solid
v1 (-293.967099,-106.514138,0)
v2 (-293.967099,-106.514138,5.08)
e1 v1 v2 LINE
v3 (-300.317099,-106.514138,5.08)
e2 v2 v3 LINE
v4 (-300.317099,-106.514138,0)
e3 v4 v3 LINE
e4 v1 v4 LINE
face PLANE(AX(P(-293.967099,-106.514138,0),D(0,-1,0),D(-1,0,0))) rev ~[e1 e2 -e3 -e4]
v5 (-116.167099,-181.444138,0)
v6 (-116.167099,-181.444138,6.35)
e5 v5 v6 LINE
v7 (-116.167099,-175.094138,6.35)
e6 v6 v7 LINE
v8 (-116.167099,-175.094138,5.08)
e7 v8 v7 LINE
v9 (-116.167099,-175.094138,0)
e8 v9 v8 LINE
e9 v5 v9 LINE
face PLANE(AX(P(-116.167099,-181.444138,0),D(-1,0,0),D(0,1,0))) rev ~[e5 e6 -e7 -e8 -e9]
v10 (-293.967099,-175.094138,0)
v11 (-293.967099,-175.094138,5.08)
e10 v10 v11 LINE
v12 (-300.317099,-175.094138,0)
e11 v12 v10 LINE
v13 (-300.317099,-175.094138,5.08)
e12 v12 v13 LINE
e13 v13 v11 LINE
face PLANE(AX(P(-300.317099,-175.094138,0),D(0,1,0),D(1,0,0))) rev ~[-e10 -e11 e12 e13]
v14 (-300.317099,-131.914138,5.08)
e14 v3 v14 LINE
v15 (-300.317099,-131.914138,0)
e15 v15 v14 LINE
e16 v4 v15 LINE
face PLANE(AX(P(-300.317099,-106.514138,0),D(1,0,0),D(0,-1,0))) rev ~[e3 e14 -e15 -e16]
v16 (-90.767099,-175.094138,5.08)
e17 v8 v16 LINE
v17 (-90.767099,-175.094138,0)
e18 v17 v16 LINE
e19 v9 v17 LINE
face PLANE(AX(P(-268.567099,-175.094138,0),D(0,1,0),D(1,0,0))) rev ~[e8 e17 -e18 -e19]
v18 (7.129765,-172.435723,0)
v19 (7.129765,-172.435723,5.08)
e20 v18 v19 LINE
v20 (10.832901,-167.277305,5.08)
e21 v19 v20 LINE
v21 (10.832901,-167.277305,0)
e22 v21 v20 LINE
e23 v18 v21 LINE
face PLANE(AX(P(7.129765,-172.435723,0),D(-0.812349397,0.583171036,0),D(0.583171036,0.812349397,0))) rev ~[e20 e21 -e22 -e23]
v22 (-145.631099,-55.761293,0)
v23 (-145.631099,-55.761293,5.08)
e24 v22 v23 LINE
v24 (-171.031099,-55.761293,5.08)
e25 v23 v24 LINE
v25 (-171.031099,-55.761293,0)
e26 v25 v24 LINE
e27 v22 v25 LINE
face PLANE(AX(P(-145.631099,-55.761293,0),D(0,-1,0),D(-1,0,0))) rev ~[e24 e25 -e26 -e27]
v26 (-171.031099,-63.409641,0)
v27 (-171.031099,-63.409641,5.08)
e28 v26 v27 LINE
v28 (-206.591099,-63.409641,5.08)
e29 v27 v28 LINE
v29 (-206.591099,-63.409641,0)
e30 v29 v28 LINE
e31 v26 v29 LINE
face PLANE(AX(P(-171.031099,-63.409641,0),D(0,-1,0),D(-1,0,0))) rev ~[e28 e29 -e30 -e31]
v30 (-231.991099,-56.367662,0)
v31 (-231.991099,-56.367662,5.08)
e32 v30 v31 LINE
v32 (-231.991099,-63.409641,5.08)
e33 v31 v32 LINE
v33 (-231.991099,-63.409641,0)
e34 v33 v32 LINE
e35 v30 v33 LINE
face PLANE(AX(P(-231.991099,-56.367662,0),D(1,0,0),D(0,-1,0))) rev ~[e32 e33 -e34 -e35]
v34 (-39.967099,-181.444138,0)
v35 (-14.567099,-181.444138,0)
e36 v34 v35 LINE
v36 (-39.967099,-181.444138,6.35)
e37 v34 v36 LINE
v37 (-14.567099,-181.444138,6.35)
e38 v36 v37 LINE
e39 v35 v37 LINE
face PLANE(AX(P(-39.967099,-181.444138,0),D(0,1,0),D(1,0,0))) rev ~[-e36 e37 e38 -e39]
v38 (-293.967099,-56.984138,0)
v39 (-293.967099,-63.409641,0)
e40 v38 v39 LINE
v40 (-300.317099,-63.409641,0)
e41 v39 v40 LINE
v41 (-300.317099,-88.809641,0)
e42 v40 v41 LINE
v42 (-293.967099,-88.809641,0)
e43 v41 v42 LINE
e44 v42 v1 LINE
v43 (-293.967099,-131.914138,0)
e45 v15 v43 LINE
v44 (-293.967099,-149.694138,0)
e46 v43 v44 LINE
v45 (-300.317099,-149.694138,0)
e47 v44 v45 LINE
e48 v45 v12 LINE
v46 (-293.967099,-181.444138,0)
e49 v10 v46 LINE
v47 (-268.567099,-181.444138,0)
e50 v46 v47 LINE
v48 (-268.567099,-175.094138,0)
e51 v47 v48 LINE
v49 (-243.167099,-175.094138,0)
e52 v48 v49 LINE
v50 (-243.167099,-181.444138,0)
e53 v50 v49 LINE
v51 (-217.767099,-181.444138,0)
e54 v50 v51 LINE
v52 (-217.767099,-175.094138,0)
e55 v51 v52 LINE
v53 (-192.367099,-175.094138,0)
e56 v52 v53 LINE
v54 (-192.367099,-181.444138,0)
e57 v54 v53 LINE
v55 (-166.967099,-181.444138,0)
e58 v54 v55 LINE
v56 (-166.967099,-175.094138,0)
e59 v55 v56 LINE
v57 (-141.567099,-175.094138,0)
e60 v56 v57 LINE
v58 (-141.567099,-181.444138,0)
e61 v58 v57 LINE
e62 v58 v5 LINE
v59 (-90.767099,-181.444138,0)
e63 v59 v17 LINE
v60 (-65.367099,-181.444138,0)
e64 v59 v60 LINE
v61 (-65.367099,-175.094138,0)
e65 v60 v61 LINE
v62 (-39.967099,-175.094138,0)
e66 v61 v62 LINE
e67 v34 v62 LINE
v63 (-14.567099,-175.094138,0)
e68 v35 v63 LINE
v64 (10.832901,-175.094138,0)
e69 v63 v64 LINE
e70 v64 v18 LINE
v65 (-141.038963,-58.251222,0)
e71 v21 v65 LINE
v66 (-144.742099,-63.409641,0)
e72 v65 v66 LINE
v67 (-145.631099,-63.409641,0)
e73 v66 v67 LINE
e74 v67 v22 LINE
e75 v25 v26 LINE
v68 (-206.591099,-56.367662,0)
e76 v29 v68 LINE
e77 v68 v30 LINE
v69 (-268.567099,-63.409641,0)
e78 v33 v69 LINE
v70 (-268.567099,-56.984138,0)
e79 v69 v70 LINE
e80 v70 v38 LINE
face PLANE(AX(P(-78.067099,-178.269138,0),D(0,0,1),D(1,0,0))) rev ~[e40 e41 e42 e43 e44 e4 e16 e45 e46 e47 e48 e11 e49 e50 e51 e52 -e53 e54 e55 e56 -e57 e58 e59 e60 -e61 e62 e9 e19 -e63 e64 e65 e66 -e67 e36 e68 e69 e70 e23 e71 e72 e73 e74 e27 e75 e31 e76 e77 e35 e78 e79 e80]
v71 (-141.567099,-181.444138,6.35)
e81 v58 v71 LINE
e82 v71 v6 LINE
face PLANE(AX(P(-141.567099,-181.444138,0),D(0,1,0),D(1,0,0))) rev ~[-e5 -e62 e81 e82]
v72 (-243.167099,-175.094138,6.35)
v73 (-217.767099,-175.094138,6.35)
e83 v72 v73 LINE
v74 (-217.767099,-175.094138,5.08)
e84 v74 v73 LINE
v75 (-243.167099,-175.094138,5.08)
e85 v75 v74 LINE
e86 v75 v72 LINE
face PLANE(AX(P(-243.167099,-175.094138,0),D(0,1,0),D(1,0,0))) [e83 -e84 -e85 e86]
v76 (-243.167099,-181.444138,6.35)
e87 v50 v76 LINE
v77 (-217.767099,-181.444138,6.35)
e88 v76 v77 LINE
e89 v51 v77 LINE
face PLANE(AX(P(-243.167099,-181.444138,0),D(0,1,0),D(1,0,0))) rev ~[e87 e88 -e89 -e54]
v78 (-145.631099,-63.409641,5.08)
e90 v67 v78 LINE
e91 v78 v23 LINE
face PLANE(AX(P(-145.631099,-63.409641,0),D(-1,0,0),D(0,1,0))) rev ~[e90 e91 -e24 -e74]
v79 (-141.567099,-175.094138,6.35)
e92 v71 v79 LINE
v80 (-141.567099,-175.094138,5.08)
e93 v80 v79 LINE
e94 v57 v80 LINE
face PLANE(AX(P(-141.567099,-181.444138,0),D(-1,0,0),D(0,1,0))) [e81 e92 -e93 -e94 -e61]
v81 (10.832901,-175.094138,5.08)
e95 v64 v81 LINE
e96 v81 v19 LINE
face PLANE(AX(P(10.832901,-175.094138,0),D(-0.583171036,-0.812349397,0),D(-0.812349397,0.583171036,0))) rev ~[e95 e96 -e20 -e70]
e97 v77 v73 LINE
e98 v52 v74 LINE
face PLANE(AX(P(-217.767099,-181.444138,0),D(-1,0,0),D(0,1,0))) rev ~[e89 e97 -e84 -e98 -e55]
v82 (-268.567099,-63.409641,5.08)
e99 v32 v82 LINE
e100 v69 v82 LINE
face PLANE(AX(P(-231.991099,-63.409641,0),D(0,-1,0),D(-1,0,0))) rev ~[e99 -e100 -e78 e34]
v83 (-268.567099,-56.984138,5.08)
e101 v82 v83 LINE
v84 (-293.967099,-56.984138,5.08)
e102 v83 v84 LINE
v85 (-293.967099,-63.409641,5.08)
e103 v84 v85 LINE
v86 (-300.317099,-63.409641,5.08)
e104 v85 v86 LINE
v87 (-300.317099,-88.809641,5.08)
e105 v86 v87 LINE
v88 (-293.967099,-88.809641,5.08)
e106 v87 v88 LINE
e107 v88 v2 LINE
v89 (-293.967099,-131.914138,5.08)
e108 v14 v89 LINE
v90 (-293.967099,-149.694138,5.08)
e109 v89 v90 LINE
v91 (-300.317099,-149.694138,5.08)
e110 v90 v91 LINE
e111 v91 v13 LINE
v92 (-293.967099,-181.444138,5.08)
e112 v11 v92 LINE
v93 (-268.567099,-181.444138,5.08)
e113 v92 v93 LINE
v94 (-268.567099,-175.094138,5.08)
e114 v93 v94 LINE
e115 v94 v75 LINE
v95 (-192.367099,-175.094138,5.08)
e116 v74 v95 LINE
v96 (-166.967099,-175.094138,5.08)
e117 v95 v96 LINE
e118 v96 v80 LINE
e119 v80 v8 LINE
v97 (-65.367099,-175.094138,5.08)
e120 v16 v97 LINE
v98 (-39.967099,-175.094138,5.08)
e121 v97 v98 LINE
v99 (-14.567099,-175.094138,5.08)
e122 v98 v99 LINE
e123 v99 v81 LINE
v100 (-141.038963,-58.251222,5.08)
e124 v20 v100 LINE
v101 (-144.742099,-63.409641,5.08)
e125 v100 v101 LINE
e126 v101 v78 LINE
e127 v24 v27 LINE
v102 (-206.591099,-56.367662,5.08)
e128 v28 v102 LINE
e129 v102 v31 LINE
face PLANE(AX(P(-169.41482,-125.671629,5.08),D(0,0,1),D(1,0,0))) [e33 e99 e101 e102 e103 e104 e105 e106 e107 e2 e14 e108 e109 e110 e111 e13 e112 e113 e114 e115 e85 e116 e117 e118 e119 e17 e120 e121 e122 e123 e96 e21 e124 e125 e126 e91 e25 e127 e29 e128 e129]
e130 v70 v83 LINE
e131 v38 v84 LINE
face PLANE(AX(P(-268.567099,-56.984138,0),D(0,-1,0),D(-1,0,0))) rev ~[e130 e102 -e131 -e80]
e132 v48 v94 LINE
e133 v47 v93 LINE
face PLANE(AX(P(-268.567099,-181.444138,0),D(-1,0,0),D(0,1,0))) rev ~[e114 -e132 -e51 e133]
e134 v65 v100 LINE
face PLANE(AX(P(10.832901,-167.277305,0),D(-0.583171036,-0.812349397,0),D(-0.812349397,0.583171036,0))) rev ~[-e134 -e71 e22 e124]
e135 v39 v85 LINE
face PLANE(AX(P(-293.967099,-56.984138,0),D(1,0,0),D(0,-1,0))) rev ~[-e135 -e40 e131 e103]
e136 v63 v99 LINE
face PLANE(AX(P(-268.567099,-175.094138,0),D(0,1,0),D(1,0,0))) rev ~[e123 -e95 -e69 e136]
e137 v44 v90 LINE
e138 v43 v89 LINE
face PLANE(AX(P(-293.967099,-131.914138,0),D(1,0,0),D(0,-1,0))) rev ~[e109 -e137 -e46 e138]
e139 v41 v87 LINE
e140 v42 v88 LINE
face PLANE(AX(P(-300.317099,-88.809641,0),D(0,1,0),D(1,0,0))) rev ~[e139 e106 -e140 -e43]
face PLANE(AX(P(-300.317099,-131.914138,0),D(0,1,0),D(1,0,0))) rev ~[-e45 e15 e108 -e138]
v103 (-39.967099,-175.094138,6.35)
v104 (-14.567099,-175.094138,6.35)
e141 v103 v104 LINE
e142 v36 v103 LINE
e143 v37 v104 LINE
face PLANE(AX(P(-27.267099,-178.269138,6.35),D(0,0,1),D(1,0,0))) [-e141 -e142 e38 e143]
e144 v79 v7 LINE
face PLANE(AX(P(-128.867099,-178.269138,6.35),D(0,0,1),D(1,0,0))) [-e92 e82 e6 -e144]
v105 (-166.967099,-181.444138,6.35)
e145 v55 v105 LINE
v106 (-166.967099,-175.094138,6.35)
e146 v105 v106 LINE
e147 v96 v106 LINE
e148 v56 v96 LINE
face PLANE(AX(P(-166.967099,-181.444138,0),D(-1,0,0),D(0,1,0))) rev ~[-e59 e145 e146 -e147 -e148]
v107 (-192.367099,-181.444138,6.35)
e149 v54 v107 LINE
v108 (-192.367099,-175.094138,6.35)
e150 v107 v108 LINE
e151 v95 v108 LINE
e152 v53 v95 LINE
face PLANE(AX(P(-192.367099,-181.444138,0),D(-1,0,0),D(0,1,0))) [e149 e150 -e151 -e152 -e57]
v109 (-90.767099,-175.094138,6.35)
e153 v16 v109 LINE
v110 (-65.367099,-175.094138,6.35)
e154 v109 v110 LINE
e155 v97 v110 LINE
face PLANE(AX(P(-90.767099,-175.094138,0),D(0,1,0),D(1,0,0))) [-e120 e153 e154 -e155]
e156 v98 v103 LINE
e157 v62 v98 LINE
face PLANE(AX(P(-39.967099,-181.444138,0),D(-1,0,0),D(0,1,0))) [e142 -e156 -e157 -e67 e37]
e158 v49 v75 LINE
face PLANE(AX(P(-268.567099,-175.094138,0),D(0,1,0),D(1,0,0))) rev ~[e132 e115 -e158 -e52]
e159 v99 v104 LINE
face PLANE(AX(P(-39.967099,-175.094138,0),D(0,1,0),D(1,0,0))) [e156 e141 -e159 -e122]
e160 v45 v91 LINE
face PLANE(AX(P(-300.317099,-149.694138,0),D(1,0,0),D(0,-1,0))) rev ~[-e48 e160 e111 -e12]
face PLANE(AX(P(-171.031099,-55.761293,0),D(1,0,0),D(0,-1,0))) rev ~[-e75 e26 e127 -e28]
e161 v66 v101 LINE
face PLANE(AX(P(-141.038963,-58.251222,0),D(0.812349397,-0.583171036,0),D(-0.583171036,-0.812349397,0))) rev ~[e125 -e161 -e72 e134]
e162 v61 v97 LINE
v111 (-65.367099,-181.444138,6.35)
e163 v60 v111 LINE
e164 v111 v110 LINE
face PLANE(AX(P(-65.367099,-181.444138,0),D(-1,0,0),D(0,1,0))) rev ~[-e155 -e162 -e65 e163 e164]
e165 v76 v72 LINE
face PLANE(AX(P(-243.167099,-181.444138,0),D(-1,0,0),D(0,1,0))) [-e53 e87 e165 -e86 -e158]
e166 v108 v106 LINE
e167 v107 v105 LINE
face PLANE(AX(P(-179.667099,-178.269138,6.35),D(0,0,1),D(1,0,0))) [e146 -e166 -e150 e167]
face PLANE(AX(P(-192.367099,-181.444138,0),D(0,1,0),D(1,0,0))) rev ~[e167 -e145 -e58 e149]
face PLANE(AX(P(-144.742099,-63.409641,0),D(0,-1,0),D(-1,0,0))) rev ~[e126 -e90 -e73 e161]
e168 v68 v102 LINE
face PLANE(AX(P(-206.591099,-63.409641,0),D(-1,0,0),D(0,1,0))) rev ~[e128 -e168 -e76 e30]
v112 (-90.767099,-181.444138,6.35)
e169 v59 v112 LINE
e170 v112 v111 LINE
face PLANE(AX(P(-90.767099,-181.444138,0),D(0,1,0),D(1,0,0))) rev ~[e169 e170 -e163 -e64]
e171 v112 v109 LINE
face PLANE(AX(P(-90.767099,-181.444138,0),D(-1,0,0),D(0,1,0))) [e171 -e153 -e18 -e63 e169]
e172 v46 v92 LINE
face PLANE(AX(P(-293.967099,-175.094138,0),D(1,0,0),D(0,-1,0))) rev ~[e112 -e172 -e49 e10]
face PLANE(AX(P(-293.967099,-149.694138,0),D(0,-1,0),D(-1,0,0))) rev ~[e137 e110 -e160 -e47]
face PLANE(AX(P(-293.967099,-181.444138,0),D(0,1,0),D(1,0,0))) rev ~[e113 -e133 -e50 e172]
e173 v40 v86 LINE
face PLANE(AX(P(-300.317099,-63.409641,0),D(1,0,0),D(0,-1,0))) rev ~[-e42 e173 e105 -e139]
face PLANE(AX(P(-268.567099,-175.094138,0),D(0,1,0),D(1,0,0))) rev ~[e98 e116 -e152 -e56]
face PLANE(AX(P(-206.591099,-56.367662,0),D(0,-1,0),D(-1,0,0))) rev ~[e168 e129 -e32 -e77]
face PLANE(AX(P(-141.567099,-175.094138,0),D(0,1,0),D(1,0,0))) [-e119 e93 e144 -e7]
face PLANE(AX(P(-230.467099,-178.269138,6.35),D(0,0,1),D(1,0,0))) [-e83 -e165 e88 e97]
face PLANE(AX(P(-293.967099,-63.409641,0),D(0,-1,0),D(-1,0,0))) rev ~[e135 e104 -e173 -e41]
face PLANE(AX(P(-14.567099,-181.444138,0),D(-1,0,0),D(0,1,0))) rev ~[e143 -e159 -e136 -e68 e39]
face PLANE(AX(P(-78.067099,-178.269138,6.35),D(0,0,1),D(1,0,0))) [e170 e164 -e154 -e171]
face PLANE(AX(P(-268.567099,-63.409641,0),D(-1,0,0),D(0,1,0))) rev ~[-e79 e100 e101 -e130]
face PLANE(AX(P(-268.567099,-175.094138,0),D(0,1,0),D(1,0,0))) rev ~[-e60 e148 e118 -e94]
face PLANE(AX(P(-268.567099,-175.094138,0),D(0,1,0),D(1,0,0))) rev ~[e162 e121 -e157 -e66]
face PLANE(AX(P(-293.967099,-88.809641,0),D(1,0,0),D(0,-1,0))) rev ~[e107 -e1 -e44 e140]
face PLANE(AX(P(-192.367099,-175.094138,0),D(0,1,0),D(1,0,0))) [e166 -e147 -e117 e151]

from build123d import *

# Parameters (mm, degrees)
BOSS_EXTRUDE1_DEPTH = 5.08
SKETCH1_4_W         = 25.4
SKETCH1_4_H         = 6.35
BOSS_EXTRUDE2_DEPTH = 6.35
SKETCH1_5_W         = 25.4
SKETCH1_5_H         = 6.35
BOSS_EXTRUDE3_DEPTH = 6.35


with BuildPart() as part:
    # Sketch1 → Boss-Extrude1 (new body)
    with BuildSketch(Plane(origin=(-5.329574036, -16.20301374, 0), x_dir=(1, 0, 0), z_dir=(0, 0, 1))):
        Polygon((-288.637525151, -47.206627274), (-294.987525151, -47.206627274), (-294.987525151, -72.606627274), (-288.637525151, -72.606627274), (-288.637525151, -90.311124316), (-294.987525151, -90.311124316), (-294.987525151, -115.711124316), (-288.637525151, -115.711124316), (-288.637525151, -133.491124316), (-294.987525151, -133.491124316), (-294.987525151, -158.891124316), (-288.637525151, -158.891124316), (-288.637525151, -165.241124316), (-263.237525151, -165.241124316), (-263.237525151, -158.891124316), (16.162474849, -158.891124316), (12.459338773, -156.232709467), (16.162474849, -151.074290795), (-135.709389075, -42.048208602), (-139.412525151, -47.206627274), (-140.301525151, -47.206627274), (-140.301525151, -39.558279266), (-165.701525151, -39.558279266), (-165.701525151, -47.206627274), (-201.261525151, -47.206627274), (-201.261525151, -40.164648712), (-226.661525151, -40.164648712), (-226.661525151, -47.206627274), (-263.237525151, -47.206627274), (-263.237525151, -40.781124316), (-288.637525151, -40.781124316), align=None)
    extrude(amount=BOSS_EXTRUDE1_DEPTH)

    # Sketch1<4> → Boss-Extrude2 (add)
    with BuildSketch(Plane(origin=(-5.329574036, -16.20301374, 0), x_dir=(1, 0, 0), z_dir=(0, 0, 1))):
        with Locations((-225.137525151, -162.066124316)):
            Rectangle(SKETCH1_4_W, SKETCH1_4_H)
        with Locations((-174.337525151, -162.066124316)):
            Rectangle(SKETCH1_4_W, SKETCH1_4_H)
        with Locations((-123.537525151, -162.066124316)):
            Rectangle(SKETCH1_4_W, SKETCH1_4_H)
    extrude(amount=BOSS_EXTRUDE2_DEPTH)

    # Sketch1<5> → Boss-Extrude3 (add)
    with BuildSketch(Plane(origin=(-5.329574036, -16.20301374, 0), x_dir=(1, 0, 0), z_dir=(0, 0, 1))):
        with Locations((-72.737525151, -162.066124316)):
            Rectangle(SKETCH1_5_W, SKETCH1_5_H)
        with Locations((-21.937525151, -162.066124316)):
            Rectangle(SKETCH1_5_W, SKETCH1_5_H)
    extrude(amount=BOSS_EXTRUDE3_DEPTH)


solid = part.part
